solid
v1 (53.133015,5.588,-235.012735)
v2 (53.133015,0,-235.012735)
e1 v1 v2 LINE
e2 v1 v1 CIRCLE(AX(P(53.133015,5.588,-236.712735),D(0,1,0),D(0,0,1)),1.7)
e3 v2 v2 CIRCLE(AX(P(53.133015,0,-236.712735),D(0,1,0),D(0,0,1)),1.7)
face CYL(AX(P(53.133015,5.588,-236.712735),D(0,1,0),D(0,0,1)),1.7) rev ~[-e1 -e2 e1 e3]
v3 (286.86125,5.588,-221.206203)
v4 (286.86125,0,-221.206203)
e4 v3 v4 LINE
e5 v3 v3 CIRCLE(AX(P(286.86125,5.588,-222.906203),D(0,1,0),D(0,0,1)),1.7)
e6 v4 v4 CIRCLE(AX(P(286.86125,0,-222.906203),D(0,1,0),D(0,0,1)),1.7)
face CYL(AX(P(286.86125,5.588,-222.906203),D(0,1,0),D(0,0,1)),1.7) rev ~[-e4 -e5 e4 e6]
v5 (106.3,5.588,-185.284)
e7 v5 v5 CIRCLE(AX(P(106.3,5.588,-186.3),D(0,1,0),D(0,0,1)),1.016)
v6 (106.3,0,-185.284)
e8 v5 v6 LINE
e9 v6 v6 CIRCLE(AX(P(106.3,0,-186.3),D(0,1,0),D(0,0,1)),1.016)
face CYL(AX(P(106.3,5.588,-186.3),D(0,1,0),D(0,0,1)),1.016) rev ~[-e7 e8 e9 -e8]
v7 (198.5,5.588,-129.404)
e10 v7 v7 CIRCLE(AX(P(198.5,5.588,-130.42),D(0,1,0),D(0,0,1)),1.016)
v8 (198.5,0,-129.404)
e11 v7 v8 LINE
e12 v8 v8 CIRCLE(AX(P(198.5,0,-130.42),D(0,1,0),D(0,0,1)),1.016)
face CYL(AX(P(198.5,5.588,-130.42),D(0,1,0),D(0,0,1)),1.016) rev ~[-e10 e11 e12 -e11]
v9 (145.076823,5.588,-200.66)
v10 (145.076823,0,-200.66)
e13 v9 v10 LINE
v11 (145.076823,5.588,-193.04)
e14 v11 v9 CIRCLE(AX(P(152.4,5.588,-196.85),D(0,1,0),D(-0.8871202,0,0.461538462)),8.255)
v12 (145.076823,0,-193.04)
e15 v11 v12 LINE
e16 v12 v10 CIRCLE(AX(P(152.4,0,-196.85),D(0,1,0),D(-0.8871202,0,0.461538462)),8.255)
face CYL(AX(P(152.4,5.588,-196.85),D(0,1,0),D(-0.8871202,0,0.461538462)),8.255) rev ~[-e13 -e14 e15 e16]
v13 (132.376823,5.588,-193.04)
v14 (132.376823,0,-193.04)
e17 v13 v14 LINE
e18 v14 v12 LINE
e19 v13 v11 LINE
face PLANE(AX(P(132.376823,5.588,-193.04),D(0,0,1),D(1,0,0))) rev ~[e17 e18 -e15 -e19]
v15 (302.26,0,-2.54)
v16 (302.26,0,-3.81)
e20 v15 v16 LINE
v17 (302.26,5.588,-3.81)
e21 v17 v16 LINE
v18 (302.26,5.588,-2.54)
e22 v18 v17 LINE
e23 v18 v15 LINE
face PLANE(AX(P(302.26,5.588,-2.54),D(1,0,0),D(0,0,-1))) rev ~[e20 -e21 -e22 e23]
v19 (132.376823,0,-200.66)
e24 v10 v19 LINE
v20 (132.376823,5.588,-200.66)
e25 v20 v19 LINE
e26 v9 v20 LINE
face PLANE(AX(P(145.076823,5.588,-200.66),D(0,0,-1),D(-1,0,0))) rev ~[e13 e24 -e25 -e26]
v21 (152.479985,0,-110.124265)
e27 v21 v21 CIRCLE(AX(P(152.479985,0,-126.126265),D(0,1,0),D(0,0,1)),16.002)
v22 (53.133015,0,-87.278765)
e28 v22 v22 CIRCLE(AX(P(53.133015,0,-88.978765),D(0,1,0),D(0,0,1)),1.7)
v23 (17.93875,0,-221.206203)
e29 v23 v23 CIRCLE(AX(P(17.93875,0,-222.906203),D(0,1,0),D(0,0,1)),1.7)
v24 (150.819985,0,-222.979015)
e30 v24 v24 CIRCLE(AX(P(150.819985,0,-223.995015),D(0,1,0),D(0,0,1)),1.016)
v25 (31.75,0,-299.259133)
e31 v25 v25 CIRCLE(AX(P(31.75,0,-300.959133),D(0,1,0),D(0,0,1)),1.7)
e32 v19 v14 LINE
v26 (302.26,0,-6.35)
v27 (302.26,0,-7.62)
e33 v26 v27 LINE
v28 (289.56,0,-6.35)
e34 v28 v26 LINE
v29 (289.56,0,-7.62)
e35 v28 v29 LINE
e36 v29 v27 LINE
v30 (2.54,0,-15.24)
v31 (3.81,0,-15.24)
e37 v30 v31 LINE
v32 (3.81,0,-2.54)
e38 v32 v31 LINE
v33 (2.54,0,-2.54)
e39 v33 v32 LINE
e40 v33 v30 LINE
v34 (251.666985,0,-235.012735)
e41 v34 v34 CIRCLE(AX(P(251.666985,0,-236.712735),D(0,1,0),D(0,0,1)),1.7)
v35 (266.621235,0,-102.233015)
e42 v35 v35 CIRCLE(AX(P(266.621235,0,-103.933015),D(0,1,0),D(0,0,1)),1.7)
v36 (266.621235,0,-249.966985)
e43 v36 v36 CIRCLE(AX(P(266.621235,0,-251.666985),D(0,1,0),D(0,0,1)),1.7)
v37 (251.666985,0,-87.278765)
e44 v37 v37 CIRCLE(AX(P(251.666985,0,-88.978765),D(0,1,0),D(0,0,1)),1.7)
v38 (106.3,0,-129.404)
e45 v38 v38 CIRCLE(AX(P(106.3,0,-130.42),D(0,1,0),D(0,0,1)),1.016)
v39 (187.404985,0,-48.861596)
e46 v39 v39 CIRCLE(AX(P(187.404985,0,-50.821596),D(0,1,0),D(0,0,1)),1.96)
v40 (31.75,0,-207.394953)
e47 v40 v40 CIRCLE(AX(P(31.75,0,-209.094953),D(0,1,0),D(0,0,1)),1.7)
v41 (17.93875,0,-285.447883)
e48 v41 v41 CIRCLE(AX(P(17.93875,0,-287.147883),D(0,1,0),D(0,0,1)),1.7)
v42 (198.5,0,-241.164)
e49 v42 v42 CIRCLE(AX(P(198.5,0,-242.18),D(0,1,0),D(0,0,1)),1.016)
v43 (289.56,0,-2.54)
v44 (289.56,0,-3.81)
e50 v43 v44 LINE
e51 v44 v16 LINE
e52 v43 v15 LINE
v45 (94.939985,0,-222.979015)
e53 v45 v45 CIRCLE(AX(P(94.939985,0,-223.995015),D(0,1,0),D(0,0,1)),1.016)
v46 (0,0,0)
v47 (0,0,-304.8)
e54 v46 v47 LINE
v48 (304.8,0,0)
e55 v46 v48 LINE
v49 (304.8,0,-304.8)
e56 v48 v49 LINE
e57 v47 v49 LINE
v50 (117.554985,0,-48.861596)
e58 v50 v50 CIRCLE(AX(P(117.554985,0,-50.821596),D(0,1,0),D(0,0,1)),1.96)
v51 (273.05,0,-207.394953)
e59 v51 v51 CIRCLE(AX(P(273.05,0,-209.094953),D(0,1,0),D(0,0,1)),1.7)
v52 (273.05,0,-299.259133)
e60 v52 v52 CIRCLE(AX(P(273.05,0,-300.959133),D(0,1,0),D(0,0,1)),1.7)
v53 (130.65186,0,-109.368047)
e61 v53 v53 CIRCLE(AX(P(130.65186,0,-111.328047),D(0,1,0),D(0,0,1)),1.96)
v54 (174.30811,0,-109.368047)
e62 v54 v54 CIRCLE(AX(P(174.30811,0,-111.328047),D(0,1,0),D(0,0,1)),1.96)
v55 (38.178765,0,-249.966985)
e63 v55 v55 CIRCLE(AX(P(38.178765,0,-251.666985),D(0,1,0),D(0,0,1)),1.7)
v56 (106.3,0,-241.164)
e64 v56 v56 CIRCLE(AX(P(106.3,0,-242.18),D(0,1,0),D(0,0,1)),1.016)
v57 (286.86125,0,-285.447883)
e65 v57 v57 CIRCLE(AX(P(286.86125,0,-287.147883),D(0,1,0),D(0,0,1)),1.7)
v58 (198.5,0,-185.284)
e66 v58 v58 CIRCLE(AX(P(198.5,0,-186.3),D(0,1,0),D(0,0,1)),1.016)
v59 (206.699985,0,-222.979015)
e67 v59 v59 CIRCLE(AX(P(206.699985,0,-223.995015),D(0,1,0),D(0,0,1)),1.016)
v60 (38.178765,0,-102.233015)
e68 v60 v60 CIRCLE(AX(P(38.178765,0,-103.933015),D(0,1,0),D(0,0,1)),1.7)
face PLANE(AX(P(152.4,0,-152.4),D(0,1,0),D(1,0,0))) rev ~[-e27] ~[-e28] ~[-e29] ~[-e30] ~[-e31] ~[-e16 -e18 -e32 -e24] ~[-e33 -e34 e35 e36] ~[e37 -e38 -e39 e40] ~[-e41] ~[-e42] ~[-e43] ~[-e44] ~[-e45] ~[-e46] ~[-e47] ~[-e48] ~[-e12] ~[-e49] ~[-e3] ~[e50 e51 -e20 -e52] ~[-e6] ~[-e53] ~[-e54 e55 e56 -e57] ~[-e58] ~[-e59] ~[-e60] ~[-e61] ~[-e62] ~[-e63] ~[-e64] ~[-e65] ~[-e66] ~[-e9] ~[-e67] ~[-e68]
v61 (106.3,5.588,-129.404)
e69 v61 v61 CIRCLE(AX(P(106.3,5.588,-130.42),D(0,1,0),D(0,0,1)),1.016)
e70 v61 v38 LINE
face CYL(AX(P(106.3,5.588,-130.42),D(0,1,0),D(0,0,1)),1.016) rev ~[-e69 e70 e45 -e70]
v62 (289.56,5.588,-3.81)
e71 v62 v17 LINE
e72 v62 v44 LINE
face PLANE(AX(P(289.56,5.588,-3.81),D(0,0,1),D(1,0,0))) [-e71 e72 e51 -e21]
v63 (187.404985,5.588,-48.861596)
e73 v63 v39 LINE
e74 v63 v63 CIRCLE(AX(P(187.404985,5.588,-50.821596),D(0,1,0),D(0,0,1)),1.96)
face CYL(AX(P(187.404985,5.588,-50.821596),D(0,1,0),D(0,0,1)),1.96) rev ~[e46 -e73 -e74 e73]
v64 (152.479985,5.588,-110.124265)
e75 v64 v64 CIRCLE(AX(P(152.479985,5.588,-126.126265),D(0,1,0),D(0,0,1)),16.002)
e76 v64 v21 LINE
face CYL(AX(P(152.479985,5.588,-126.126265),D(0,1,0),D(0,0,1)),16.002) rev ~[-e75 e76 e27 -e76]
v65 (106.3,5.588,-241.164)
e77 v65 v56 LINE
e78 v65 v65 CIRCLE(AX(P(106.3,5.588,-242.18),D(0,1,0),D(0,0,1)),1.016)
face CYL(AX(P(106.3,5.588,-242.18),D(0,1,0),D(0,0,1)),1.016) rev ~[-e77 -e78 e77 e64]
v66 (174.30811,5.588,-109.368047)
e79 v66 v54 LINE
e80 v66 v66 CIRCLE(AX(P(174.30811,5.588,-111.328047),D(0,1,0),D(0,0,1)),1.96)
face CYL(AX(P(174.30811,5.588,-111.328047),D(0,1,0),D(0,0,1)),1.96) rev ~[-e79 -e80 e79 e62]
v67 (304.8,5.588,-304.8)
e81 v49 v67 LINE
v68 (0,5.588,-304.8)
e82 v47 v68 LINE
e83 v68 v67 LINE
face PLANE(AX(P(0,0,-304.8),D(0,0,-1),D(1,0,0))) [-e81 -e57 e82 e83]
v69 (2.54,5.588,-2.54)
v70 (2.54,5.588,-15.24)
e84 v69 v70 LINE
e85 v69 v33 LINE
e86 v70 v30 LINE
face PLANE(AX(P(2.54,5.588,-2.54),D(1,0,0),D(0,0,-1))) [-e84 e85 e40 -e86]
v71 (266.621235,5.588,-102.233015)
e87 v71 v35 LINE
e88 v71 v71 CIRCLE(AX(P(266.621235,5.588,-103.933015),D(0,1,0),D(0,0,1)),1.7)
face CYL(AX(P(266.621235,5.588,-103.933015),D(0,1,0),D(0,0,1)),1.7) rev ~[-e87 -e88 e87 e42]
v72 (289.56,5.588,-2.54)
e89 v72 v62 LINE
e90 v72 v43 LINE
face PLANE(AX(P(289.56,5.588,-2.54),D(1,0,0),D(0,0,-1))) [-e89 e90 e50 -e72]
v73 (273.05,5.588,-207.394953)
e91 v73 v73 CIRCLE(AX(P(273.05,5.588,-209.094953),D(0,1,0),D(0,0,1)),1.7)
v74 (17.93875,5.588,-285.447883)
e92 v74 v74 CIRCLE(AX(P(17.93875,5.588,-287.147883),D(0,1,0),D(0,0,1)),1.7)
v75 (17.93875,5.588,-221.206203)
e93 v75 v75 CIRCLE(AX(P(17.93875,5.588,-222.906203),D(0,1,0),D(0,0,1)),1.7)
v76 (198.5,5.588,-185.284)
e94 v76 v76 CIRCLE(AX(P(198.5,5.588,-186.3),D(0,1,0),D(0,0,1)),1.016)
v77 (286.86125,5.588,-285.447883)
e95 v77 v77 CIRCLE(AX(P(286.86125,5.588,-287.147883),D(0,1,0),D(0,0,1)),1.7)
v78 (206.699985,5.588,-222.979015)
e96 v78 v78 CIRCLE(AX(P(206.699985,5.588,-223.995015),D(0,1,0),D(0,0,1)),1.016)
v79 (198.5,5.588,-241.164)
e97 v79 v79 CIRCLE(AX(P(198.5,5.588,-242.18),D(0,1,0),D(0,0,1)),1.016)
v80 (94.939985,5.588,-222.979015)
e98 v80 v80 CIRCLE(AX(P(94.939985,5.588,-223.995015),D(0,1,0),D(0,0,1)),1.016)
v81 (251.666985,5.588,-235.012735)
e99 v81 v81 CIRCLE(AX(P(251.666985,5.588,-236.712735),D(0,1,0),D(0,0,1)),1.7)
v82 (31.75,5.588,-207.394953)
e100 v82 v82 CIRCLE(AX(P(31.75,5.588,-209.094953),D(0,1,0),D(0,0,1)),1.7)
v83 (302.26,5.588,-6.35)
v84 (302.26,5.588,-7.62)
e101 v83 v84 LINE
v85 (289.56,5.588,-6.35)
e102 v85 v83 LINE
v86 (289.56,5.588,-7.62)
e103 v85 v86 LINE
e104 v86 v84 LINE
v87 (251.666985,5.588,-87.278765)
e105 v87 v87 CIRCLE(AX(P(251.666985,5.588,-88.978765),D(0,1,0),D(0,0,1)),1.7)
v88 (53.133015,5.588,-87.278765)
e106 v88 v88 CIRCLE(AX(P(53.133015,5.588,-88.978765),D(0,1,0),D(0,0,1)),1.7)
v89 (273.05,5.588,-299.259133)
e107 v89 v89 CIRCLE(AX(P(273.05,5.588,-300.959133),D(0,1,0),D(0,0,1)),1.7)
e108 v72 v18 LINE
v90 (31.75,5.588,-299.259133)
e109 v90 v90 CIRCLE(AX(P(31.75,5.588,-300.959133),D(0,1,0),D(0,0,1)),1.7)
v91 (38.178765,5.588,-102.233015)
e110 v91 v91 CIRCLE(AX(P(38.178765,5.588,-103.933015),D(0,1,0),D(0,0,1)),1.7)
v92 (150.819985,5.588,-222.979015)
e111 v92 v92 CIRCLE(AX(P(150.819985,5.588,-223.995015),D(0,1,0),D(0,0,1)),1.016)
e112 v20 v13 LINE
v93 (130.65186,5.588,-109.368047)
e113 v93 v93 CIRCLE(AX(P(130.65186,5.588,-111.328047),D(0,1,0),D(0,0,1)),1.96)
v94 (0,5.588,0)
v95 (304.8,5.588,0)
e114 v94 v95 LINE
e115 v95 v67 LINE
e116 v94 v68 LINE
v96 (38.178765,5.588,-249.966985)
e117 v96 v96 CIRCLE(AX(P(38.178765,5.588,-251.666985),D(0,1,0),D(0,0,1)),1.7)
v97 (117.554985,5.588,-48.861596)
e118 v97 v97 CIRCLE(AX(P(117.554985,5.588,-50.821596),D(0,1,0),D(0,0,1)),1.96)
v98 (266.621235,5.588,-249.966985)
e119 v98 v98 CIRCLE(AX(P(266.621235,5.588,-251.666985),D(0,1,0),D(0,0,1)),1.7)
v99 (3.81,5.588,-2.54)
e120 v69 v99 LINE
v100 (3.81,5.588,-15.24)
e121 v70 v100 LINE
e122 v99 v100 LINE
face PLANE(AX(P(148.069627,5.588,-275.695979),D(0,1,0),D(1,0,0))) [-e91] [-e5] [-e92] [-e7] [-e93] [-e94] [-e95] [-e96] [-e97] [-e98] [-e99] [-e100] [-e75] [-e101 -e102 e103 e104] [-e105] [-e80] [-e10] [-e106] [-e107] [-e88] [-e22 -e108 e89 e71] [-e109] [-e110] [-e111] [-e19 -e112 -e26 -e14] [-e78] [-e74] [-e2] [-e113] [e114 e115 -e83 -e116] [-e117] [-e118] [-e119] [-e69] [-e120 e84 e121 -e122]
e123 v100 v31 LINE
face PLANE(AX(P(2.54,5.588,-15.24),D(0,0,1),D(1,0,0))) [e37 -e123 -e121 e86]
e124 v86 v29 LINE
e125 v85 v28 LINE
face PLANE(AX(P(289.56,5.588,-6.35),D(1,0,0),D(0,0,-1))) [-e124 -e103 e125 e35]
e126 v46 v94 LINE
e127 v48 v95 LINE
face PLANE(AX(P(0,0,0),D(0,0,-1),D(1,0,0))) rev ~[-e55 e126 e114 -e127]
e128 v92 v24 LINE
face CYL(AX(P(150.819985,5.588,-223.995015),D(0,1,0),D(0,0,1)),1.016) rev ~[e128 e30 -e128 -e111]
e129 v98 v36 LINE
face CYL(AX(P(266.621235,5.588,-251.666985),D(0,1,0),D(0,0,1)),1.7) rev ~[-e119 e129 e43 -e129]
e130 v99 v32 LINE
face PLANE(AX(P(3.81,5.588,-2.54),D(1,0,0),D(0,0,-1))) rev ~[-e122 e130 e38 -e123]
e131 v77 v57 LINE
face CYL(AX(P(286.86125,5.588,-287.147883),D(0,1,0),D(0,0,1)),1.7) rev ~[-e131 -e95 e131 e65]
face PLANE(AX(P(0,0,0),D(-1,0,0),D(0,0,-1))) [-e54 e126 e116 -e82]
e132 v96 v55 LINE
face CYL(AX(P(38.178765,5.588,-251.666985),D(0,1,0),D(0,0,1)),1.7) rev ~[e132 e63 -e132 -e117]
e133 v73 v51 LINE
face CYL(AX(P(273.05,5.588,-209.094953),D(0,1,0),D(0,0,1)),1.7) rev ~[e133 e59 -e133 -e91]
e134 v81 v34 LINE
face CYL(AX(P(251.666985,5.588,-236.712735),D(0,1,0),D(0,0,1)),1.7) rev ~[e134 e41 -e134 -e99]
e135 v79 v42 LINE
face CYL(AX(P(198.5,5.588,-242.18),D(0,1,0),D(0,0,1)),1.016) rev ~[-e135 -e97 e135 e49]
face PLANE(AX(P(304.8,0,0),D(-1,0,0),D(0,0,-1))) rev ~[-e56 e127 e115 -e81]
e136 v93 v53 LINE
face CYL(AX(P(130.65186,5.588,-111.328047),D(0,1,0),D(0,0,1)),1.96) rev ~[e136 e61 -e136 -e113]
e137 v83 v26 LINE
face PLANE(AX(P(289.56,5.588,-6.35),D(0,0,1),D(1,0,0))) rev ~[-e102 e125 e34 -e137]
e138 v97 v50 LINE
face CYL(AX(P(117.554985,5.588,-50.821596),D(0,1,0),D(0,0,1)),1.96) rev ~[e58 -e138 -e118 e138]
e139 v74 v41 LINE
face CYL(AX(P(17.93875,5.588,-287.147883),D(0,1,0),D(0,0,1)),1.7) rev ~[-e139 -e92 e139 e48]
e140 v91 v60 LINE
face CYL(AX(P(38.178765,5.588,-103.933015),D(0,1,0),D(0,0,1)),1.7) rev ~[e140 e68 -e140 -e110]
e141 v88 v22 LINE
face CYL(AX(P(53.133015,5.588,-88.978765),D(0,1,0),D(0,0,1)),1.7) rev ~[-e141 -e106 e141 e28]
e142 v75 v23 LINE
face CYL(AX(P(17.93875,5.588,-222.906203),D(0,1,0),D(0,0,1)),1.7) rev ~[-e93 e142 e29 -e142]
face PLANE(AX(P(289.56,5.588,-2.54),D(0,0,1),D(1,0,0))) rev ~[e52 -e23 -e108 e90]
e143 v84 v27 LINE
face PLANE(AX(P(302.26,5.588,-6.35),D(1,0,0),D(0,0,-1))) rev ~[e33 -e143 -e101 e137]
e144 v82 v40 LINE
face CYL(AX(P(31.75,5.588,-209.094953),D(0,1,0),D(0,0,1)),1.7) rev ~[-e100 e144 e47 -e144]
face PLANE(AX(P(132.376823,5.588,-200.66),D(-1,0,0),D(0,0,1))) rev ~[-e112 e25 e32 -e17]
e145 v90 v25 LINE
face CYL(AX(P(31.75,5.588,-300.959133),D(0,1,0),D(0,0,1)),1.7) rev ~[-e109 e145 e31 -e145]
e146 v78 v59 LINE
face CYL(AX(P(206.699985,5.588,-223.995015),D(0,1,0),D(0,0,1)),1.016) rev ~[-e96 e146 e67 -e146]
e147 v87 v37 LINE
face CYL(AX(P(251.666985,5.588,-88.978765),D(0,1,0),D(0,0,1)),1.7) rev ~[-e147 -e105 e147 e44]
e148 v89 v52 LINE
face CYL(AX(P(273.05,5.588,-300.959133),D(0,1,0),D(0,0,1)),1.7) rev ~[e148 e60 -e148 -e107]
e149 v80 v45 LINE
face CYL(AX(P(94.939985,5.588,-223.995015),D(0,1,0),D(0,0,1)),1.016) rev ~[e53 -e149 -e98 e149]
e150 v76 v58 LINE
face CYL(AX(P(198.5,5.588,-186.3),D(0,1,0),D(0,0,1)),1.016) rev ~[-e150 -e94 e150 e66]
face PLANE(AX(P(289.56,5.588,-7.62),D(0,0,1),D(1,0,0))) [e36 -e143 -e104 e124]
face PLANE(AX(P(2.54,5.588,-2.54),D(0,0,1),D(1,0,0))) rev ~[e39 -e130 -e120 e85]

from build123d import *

# Parameters (mm, degrees)
SKETCH2_W           = 304.8
SKETCH2_H           = 304.8
BOSS_EXTRUDE1_DEPTH = 5.588
SKETCH4_W           = 1.27
SKETCH4_H           = 12.7
SKETCH4_W_2         = 12.7
SKETCH4_H_2         = 1.27
CUT_EXTRUDE1_DEPTH  = 432.088512656
SKETCH5_W           = 228.854
SKETCH5_H           = 12.954
CUT_EXTRUDE2_DEPTH  = 0.254
SKETCH6_R           = 16.002
SKETCH6_R_2         = 1.7
SKETCH6_R_3         = 1.96
CUT_EXTRUDE3_DEPTH  = 432.088512656
CUT_EXTRUDE4_DEPTH  = 432.088512656
SKETCH8_R           = 1.016
CUT_EXTRUDE5_DEPTH  = 432.088512656
SKETCH9_R           = 1.016
CUT_EXTRUDE6_DEPTH  = 432.088512656
BOSS_EXTRUDE3_REACH = 433.089
SKETCH10_W          = 236.011664121
SKETCH10_H          = 22.945578457


with BuildPart() as part:
    # Sketch2 → Boss-Extrude1 (new body)
    with BuildSketch(Plane(origin=(0, 0, 0), x_dir=(1, 0, 0), z_dir=(0, 1, 0))):
        with Locations((152.4, 152.4)):
            Rectangle(SKETCH2_W, SKETCH2_H)
    extrude(amount=BOSS_EXTRUDE1_DEPTH)

    # Sketch4 → Cut-Extrude1 (cut, through all)
    with BuildSketch(Plane(origin=(0, 5.588, 0), x_dir=(1, 0, 0), z_dir=(0, 1, 0))):
        with Locations((3.175, 8.89)):
            Rectangle(SKETCH4_W, SKETCH4_H)
        with Locations((295.91, 3.175)):
            Rectangle(SKETCH4_W_2, SKETCH4_H_2)
        with Locations((295.91, 6.985)):
            Rectangle(SKETCH4_W_2, SKETCH4_H_2)
    extrude(amount=-CUT_EXTRUDE1_DEPTH, mode=Mode.SUBTRACT)

    # Sketch5 → Cut-Extrude2 (cut)
    with BuildSketch(Plane(origin=(0, 5.588, 0), x_dir=(1, 0, 0), z_dir=(0, 1, 0))):
        with Locations((148.97354, 274.58924)):
            Rectangle(SKETCH5_W, SKETCH5_H)
    extrude(amount=-CUT_EXTRUDE2_DEPTH, mode=Mode.SUBTRACT)

    # Sketch6 → Cut-Extrude3 (cut, through all)
    with BuildSketch(Plane(origin=(0, 5.588, 0), x_dir=(1, 0, 0), z_dir=(0, 1, 0))):
        with Locations(Location((152.4799846, 126.1262654, 0), (0, 0, 270))):
            Circle(SKETCH6_R)
        with Locations(Location((31.75, 300.959132824, 0), (0, 0, 270))):
            Circle(SKETCH6_R_2)
        with Locations(Location((17.93875, 287.147882824, 0), (0, 0, 270))):
            Circle(SKETCH6_R_2)
        with Locations(Location((273.05, 300.959132824, 0), (0, 0, 270))):
            Circle(SKETCH6_R_2)
        with Locations(Location((286.86125, 287.147882824, 0), (0, 0, 270))):
            Circle(SKETCH6_R_2)
        with Locations(Location((286.86125, 222.906202824, 0), (0, 0, 270))):
            Circle(SKETCH6_R_2)
        with Locations(Location((273.05, 209.094952824, 0), (0, 0, 270))):
            Circle(SKETCH6_R_2)
        with Locations(Location((31.75, 209.094952824, 0), (0, 0, 270))):
            Circle(SKETCH6_R_2)
        with Locations(Location((17.93875, 222.906202824, 0), (0, 0, 270))):
            Circle(SKETCH6_R_2)
        with Locations(Location((38.1787654, 103.9330154, 0), (0, 0, 270))):
            Circle(SKETCH6_R_2)
        with Locations(Location((53.1330154, 88.9787654, 0), (0, 0, 270))):
            Circle(SKETCH6_R_2)
        with Locations(Location((251.6669846, 88.9787654, 0), (0, 0, 270))):
            Circle(SKETCH6_R_2)
        with Locations(Location((266.6212346, 103.9330154, 0), (0, 0, 270))):
            Circle(SKETCH6_R_2)
        with Locations(Location((266.6212346, 251.6669846, 0), (0, 0, 270))):
            Circle(SKETCH6_R_2)
        with Locations(Location((251.6669846, 236.7127346, 0), (0, 0, 270))):
            Circle(SKETCH6_R_2)
        with Locations(Location((53.1330154, 236.7127346, 0), (0, 0, 270))):
            Circle(SKETCH6_R_2)
        with Locations(Location((38.1787654, 251.6669846, 0), (0, 0, 270))):
            Circle(SKETCH6_R_2)
        with Locations(Location((130.6518596, 111.328047494, 0), (0, 0, 270))):
            Circle(SKETCH6_R_3)
        with Locations(Location((174.3081096, 111.328047494, 0), (0, 0, 270))):
            Circle(SKETCH6_R_3)
        with Locations(Location((187.4049846, 50.821596477, 0), (0, 0, 270))):
            Circle(SKETCH6_R_3)
        with Locations(Location((117.5549846, 50.821596477, 0), (0, 0, 270))):
            Circle(SKETCH6_R_3)
    extrude(amount=-CUT_EXTRUDE3_DEPTH, mode=Mode.SUBTRACT)

    # Sketch7 → Cut-Extrude4 (cut, through all)
    with BuildSketch(Plane(origin=(0, 5.588, 0), x_dir=(1, 0, 0), z_dir=(0, 1, 0))):
        with BuildLine():
            Line((145.076822752, 200.66), (132.376822752, 200.66))
            Line((132.376822752, 200.66), (132.376822752, 193.04))
            Line((132.376822752, 193.04), (145.076822752, 193.04))
            ThreePointArc((145.076822752, 193.04), (160.655, 196.85), (145.076822752, 200.66))
        make_face()
    extrude(amount=-CUT_EXTRUDE4_DEPTH, mode=Mode.SUBTRACT)

    # Sketch8 → Cut-Extrude5 (cut, through all)
    with BuildSketch(Plane(origin=(0, 5.588, 0), x_dir=(1, 0, 0), z_dir=(0, 1, 0))):
        with Locations(Location((206.6999846, 223.9950154, 0), (0, 0, 270))):
            Circle(SKETCH8_R)
        with Locations(Location((150.8199846, 223.9950154, 0), (0, 0, 270))):
            Circle(SKETCH8_R)
        with Locations(Location((94.9399846, 223.9950154, 0), (0, 0, 270))):
            Circle(SKETCH8_R)
    extrude(amount=-CUT_EXTRUDE5_DEPTH, mode=Mode.SUBTRACT)

    # Sketch9 → Cut-Extrude6 (cut, through all)
    with BuildSketch(Plane(origin=(0, 5.588, 0), x_dir=(1, 0, 0), z_dir=(0, 1, 0))):
        with Locations(Location((106.3, 242.18, 0), (0, 0, 270))):
            Circle(SKETCH9_R)
        with Locations(Location((106.3, 186.3, 0), (0, 0, 270))):
            Circle(SKETCH9_R)
        with Locations(Location((106.3, 130.42, 0), (0, 0, 270))):
            Circle(SKETCH9_R)
        with Locations(Location((198.5, 130.42, 0), (0, 0, 270))):
            Circle(SKETCH9_R)
        with Locations(Location((198.5, 186.3, 0), (0, 0, 270))):
            Circle(SKETCH9_R)
        with Locations(Location((198.5, 242.18, 0), (0, 0, 270))):
            Circle(SKETCH9_R)
    extrude(amount=-CUT_EXTRUDE6_DEPTH, mode=Mode.SUBTRACT)

    # Sketch10 → Boss-Extrude3 (add, up to next)
    with BuildSketch(Plane(origin=(0, 5.588, 0), x_dir=(1, 0, 0), z_dir=(0, 1, 0)), mode=Mode.PRIVATE) as boss_extrude3_sk1:
        with Locations((148.069627159, 275.695978824)):
            Rectangle(SKETCH10_W, SKETCH10_H)
    boss_extrude3_tool1 = extrude(boss_extrude3_sk1.sketch, amount=-BOSS_EXTRUDE3_REACH, mode=Mode.PRIVATE) - part.part
    add(boss_extrude3_tool1.solids().sort_by_distance((148.069627, 5.588, -275.695979))[0])


solid = part.part
